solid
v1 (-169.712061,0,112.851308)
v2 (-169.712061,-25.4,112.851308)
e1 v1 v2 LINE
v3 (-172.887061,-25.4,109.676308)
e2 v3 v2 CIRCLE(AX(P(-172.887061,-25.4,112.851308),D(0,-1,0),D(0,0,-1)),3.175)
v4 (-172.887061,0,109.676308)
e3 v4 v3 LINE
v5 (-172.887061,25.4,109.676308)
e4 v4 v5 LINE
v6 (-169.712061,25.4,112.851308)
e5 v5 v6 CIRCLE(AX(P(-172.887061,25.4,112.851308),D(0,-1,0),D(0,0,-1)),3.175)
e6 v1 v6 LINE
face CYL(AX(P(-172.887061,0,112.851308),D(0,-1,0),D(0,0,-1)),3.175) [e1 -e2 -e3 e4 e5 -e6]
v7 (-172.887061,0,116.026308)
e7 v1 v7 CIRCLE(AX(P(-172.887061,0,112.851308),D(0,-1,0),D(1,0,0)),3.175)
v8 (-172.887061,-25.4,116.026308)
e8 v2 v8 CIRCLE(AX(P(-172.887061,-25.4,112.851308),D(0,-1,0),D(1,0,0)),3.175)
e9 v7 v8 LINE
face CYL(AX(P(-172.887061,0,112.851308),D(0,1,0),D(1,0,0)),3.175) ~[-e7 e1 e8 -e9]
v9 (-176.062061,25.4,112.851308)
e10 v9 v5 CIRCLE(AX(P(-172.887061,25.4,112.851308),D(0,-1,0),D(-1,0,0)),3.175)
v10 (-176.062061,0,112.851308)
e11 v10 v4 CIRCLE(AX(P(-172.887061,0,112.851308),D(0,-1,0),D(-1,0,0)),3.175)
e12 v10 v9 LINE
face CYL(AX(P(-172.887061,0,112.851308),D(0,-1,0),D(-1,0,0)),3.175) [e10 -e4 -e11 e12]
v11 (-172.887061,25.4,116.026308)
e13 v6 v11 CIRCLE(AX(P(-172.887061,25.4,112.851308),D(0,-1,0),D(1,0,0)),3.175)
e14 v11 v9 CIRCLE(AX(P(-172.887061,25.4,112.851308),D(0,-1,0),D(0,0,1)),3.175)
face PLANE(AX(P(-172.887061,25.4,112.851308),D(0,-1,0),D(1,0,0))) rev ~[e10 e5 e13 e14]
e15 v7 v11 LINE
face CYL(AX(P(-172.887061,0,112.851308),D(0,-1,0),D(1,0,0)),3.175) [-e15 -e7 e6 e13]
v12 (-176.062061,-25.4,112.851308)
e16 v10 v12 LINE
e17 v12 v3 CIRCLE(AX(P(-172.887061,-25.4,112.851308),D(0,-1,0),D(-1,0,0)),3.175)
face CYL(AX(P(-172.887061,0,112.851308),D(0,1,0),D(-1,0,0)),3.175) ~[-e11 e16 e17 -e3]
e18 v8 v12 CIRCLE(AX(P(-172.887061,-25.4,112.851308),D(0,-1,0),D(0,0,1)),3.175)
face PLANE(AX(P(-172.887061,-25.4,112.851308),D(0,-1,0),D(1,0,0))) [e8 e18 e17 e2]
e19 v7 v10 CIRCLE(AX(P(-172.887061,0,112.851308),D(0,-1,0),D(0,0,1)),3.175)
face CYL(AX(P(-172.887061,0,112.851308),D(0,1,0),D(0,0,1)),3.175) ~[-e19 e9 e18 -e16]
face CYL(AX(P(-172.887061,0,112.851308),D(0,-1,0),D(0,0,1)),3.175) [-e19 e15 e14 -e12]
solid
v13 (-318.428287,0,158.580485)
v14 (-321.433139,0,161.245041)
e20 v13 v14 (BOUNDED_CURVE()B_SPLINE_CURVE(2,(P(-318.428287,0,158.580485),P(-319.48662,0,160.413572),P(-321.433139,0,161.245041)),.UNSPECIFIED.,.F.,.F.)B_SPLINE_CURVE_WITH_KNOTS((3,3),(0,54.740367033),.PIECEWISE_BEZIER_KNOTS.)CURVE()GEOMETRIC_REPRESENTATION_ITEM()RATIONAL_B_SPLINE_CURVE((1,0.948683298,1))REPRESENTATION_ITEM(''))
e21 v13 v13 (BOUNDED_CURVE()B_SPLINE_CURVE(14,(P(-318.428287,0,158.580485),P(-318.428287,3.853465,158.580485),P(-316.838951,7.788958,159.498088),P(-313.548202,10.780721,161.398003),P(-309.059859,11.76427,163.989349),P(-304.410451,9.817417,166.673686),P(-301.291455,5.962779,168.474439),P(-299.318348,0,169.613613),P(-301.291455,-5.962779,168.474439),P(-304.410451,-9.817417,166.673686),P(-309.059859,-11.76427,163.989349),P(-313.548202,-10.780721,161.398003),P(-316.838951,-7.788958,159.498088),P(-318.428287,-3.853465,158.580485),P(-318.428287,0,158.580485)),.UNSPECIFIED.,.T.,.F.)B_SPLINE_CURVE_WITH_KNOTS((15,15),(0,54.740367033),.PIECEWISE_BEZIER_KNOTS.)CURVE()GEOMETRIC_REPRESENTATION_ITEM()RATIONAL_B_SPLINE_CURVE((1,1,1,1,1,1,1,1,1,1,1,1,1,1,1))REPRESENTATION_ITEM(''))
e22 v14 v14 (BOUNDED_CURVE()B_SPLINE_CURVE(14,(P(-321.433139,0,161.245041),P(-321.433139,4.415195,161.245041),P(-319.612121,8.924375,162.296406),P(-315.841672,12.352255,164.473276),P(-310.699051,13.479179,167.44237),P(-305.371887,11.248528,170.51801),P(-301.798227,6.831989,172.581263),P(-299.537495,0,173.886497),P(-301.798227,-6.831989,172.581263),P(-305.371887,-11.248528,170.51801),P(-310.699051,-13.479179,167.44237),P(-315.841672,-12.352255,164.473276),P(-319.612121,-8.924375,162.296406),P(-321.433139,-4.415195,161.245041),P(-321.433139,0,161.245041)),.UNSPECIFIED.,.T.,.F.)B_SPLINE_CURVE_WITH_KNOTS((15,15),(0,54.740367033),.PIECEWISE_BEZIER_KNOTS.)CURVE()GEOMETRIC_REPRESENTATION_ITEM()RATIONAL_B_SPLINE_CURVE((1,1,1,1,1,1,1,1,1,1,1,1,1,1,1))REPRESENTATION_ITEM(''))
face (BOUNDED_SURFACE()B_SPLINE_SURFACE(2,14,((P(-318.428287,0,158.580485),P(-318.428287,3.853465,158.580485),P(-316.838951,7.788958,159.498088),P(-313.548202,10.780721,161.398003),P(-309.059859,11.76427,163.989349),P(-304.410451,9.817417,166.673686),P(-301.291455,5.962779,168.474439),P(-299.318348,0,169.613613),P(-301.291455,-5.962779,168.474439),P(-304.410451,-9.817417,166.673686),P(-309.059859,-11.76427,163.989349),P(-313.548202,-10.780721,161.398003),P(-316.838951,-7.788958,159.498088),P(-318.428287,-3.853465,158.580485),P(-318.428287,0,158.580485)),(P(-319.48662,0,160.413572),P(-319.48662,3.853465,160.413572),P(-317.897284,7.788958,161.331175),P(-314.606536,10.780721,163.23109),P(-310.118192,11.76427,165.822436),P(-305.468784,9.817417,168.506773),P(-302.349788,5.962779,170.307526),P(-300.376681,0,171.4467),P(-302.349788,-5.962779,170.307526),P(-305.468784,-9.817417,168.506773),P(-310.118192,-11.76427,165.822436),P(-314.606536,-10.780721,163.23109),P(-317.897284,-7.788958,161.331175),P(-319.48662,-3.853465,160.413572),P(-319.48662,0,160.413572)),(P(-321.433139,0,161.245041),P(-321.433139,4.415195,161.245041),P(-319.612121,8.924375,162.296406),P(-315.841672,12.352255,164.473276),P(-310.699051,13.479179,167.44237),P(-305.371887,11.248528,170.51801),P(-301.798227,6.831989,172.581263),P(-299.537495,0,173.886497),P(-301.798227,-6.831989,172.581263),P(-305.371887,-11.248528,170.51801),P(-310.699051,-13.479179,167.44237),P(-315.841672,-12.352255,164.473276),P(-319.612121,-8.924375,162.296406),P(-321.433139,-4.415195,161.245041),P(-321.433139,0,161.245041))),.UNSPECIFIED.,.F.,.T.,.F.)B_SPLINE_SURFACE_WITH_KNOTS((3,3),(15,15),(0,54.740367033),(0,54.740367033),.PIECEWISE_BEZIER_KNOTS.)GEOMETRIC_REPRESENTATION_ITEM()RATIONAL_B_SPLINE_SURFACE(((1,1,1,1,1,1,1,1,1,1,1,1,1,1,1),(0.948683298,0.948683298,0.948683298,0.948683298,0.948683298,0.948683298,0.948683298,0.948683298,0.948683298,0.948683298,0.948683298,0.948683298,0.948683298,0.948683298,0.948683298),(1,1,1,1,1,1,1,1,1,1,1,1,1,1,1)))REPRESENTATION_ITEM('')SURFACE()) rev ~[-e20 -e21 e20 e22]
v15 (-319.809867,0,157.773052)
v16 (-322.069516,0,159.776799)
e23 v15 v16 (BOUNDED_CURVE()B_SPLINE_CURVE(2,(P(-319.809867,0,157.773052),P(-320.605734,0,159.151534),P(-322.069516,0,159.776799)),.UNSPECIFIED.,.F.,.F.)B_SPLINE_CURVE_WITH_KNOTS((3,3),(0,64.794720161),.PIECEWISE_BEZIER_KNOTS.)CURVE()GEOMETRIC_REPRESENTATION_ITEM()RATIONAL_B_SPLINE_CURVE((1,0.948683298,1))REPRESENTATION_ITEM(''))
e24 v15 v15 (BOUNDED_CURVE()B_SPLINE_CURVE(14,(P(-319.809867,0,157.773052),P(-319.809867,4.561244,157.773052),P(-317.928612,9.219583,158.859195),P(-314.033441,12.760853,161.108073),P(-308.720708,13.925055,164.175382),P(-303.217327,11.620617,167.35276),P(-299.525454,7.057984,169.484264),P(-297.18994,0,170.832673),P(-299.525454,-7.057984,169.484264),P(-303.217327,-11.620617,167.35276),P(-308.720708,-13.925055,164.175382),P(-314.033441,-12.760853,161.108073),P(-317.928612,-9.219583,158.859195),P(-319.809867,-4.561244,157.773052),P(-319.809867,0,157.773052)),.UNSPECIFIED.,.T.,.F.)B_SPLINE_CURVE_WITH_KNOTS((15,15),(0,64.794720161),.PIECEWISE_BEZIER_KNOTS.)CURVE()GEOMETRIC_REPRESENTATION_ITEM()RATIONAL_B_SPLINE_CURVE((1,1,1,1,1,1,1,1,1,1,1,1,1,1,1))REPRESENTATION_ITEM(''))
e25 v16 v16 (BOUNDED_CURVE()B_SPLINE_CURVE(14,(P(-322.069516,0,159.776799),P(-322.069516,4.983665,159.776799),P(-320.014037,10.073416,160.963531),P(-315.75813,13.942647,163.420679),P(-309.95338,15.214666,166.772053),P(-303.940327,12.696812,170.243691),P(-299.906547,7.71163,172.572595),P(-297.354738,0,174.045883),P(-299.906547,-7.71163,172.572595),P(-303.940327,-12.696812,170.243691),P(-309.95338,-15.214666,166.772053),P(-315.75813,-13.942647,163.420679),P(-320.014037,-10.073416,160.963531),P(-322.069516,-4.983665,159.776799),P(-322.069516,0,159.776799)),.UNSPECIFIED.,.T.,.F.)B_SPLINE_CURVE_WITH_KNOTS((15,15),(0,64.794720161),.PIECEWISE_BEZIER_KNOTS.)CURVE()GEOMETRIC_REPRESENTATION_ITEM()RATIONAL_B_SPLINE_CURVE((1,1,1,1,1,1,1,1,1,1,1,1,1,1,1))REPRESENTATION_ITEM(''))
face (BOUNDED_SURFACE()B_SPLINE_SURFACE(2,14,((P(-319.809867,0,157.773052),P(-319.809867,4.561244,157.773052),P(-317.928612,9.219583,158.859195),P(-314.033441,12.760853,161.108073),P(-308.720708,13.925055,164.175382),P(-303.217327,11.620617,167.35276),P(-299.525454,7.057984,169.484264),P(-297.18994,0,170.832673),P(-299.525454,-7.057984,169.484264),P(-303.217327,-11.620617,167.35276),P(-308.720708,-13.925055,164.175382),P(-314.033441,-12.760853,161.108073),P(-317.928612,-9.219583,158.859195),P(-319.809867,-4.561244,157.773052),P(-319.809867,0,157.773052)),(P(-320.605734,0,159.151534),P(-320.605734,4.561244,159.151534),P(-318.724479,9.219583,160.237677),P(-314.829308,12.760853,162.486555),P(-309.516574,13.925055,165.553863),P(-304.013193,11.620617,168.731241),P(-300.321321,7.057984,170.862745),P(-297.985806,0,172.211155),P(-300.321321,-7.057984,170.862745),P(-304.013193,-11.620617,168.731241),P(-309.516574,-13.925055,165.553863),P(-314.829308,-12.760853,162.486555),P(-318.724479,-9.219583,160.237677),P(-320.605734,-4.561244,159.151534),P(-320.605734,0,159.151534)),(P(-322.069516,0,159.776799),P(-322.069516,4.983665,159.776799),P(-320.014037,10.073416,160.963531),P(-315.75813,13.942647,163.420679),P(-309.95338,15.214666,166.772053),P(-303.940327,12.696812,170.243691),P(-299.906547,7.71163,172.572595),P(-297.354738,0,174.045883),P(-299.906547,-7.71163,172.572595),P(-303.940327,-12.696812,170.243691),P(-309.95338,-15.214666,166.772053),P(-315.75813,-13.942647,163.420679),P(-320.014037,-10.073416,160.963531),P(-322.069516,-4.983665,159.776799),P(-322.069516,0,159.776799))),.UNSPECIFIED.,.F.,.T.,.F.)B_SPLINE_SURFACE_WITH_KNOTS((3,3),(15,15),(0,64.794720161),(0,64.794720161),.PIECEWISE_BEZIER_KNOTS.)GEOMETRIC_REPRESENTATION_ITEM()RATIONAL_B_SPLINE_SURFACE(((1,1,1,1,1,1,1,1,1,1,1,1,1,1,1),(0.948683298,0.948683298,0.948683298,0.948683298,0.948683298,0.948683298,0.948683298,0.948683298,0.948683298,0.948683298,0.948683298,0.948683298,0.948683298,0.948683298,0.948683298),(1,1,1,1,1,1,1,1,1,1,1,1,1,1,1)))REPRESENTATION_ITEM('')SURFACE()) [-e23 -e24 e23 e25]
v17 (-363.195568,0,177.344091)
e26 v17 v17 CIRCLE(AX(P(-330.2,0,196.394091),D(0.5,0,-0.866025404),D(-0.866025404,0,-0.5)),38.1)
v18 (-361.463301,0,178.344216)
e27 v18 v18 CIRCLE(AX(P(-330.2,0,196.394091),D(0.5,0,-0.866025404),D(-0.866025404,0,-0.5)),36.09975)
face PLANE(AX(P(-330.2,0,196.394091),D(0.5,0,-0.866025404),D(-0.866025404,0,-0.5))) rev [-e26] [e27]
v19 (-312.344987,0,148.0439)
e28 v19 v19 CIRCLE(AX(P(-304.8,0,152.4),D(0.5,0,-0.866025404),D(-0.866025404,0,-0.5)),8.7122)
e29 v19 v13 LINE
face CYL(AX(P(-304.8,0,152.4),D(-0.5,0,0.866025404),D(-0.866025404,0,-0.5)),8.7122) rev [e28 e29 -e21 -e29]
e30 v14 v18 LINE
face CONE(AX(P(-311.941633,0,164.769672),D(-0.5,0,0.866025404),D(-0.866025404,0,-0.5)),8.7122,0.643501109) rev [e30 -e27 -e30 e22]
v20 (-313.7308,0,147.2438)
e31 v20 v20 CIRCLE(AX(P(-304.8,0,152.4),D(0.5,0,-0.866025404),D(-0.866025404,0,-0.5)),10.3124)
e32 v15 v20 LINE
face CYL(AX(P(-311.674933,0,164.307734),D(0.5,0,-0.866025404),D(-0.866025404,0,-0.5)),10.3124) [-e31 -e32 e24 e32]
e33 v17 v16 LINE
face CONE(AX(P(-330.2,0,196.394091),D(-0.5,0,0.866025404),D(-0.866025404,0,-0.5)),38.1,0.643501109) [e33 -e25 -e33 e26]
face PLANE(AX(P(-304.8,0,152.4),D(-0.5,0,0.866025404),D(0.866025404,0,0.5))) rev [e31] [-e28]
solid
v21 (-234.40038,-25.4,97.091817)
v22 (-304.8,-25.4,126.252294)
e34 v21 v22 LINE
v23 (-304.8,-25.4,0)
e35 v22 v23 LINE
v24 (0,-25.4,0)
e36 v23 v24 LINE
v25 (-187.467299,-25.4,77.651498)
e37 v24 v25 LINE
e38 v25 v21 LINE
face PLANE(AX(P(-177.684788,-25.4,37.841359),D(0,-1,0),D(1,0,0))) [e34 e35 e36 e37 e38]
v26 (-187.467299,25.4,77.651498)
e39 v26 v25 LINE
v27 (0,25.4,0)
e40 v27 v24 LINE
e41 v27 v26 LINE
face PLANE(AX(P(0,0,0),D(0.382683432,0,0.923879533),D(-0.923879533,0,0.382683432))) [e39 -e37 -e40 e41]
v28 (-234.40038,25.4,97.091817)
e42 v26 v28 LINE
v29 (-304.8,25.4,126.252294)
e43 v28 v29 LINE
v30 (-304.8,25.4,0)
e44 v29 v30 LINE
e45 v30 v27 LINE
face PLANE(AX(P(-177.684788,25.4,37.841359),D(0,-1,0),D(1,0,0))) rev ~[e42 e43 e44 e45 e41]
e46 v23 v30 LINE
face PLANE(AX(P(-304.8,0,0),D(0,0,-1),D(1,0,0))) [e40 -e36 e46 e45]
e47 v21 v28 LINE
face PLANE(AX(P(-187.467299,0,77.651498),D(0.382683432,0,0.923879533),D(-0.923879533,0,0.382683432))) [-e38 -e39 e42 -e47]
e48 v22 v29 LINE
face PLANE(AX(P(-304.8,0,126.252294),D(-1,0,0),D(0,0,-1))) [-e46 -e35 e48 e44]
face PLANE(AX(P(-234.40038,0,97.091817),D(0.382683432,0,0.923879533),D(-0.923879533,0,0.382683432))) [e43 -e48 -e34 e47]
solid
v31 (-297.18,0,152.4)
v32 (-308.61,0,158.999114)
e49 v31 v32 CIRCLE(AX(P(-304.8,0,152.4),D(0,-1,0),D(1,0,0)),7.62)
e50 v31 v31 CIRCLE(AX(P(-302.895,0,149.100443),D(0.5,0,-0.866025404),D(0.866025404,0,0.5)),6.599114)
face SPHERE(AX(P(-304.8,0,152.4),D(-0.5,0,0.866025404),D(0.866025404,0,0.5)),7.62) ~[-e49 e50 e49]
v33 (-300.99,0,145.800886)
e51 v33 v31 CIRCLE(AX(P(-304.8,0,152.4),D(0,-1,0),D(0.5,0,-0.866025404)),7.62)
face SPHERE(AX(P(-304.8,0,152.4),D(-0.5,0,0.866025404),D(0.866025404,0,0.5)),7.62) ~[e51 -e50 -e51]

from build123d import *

# Parameters (mm, degrees)
F3_R     = 6.35
F4_R     = 4.7752
F5_DEPTH = 25.4


with BuildPart() as f1:
    # F0 (on Front) → F1 (revolve)
    with BuildSketch(Plane.XZ):
        Polygon((-361.4633005703, 178.3442155122), (-363.1955678842, 177.3440905122), (-320.6057337073, 159.151533832), (-313.730800374, 147.2438), (-312.3449865229, 148.0439), (-319.4866198562, 160.4135717824), align=None)
    revolve(axis=Axis((-317.5, 0, 174.3970452561), (0.5, 0, -0.8660254038)))

    # F3
    f3_edges = [f1.edges().sort_by_distance(p)[0] for p in [
        (-304.396647, 0, 169.125772),
    ]]
    fillet(f3_edges, radius=F3_R)

    # F4
    f4_edges = [f1.edges().sort_by_distance(p)[0] for p in [
        (-302.744133, 0, 169.463934),
    ]]
    fillet(f4_edges, radius=F4_R)


with BuildPart() as f2:
    # F0 (on Front) → F2 (revolve)
    with BuildSketch(Plane.XZ):
        with BuildLine():
            Line((-308.61, 158.9991135768), (-304.8, 152.4))
            Line((-304.8, 152.4), (-300.99, 145.8008864232))
            ThreePointArc((-300.99, 145.8008864232), (-298.2008864232, 148.59), (-297.18, 152.4))
            ThreePointArc((-297.18, 152.4), (-300.99, 158.9991135768), (-308.61, 158.9991135768))
        make_face()
    revolve(axis=Axis((-304.8, 0, 152.4), (0.5, 0, -0.8660254038)))


with BuildPart() as f5:
    # F0 (on Front) → F5 (new body, symmetric)
    with BuildSketch(Plane.XZ):
        with BuildLine():
            ThreePointArc((-172.887060598, 109.6763080896), (-170.6419965677, 110.6062440594), (-169.712060598, 112.8513080896))
            ThreePointArc((-169.712060598, 112.8513080896), (-170.6419965677, 115.0963721199), (-172.887060598, 116.0263080896))
            ThreePointArc((-172.887060598, 116.0263080896), (-175.1321246282, 115.0963721199), (-176.062060598, 112.8513080896))
            ThreePointArc((-176.062060598, 112.8513080896), (-175.1321246282, 110.6062440594), (-172.887060598, 109.6763080896))
        make_face()
    extrude(amount=F5_DEPTH, both=True)


with BuildPart() as f5b:
    # F0 (on Front) → F5, piece 2 (new body, symmetric)
    with BuildSketch(Plane.XZ):
        Polygon((-304.8, 0), (0, 0), (-187.4672991352, 77.6514978032), (-234.4003803353, 97.0918165603), (-304.8, 126.2522938113), align=None)
    extrude(amount=F5_DEPTH, both=True)


solid = Compound([f1.part, f2.part, f5.part, f5b.part])
